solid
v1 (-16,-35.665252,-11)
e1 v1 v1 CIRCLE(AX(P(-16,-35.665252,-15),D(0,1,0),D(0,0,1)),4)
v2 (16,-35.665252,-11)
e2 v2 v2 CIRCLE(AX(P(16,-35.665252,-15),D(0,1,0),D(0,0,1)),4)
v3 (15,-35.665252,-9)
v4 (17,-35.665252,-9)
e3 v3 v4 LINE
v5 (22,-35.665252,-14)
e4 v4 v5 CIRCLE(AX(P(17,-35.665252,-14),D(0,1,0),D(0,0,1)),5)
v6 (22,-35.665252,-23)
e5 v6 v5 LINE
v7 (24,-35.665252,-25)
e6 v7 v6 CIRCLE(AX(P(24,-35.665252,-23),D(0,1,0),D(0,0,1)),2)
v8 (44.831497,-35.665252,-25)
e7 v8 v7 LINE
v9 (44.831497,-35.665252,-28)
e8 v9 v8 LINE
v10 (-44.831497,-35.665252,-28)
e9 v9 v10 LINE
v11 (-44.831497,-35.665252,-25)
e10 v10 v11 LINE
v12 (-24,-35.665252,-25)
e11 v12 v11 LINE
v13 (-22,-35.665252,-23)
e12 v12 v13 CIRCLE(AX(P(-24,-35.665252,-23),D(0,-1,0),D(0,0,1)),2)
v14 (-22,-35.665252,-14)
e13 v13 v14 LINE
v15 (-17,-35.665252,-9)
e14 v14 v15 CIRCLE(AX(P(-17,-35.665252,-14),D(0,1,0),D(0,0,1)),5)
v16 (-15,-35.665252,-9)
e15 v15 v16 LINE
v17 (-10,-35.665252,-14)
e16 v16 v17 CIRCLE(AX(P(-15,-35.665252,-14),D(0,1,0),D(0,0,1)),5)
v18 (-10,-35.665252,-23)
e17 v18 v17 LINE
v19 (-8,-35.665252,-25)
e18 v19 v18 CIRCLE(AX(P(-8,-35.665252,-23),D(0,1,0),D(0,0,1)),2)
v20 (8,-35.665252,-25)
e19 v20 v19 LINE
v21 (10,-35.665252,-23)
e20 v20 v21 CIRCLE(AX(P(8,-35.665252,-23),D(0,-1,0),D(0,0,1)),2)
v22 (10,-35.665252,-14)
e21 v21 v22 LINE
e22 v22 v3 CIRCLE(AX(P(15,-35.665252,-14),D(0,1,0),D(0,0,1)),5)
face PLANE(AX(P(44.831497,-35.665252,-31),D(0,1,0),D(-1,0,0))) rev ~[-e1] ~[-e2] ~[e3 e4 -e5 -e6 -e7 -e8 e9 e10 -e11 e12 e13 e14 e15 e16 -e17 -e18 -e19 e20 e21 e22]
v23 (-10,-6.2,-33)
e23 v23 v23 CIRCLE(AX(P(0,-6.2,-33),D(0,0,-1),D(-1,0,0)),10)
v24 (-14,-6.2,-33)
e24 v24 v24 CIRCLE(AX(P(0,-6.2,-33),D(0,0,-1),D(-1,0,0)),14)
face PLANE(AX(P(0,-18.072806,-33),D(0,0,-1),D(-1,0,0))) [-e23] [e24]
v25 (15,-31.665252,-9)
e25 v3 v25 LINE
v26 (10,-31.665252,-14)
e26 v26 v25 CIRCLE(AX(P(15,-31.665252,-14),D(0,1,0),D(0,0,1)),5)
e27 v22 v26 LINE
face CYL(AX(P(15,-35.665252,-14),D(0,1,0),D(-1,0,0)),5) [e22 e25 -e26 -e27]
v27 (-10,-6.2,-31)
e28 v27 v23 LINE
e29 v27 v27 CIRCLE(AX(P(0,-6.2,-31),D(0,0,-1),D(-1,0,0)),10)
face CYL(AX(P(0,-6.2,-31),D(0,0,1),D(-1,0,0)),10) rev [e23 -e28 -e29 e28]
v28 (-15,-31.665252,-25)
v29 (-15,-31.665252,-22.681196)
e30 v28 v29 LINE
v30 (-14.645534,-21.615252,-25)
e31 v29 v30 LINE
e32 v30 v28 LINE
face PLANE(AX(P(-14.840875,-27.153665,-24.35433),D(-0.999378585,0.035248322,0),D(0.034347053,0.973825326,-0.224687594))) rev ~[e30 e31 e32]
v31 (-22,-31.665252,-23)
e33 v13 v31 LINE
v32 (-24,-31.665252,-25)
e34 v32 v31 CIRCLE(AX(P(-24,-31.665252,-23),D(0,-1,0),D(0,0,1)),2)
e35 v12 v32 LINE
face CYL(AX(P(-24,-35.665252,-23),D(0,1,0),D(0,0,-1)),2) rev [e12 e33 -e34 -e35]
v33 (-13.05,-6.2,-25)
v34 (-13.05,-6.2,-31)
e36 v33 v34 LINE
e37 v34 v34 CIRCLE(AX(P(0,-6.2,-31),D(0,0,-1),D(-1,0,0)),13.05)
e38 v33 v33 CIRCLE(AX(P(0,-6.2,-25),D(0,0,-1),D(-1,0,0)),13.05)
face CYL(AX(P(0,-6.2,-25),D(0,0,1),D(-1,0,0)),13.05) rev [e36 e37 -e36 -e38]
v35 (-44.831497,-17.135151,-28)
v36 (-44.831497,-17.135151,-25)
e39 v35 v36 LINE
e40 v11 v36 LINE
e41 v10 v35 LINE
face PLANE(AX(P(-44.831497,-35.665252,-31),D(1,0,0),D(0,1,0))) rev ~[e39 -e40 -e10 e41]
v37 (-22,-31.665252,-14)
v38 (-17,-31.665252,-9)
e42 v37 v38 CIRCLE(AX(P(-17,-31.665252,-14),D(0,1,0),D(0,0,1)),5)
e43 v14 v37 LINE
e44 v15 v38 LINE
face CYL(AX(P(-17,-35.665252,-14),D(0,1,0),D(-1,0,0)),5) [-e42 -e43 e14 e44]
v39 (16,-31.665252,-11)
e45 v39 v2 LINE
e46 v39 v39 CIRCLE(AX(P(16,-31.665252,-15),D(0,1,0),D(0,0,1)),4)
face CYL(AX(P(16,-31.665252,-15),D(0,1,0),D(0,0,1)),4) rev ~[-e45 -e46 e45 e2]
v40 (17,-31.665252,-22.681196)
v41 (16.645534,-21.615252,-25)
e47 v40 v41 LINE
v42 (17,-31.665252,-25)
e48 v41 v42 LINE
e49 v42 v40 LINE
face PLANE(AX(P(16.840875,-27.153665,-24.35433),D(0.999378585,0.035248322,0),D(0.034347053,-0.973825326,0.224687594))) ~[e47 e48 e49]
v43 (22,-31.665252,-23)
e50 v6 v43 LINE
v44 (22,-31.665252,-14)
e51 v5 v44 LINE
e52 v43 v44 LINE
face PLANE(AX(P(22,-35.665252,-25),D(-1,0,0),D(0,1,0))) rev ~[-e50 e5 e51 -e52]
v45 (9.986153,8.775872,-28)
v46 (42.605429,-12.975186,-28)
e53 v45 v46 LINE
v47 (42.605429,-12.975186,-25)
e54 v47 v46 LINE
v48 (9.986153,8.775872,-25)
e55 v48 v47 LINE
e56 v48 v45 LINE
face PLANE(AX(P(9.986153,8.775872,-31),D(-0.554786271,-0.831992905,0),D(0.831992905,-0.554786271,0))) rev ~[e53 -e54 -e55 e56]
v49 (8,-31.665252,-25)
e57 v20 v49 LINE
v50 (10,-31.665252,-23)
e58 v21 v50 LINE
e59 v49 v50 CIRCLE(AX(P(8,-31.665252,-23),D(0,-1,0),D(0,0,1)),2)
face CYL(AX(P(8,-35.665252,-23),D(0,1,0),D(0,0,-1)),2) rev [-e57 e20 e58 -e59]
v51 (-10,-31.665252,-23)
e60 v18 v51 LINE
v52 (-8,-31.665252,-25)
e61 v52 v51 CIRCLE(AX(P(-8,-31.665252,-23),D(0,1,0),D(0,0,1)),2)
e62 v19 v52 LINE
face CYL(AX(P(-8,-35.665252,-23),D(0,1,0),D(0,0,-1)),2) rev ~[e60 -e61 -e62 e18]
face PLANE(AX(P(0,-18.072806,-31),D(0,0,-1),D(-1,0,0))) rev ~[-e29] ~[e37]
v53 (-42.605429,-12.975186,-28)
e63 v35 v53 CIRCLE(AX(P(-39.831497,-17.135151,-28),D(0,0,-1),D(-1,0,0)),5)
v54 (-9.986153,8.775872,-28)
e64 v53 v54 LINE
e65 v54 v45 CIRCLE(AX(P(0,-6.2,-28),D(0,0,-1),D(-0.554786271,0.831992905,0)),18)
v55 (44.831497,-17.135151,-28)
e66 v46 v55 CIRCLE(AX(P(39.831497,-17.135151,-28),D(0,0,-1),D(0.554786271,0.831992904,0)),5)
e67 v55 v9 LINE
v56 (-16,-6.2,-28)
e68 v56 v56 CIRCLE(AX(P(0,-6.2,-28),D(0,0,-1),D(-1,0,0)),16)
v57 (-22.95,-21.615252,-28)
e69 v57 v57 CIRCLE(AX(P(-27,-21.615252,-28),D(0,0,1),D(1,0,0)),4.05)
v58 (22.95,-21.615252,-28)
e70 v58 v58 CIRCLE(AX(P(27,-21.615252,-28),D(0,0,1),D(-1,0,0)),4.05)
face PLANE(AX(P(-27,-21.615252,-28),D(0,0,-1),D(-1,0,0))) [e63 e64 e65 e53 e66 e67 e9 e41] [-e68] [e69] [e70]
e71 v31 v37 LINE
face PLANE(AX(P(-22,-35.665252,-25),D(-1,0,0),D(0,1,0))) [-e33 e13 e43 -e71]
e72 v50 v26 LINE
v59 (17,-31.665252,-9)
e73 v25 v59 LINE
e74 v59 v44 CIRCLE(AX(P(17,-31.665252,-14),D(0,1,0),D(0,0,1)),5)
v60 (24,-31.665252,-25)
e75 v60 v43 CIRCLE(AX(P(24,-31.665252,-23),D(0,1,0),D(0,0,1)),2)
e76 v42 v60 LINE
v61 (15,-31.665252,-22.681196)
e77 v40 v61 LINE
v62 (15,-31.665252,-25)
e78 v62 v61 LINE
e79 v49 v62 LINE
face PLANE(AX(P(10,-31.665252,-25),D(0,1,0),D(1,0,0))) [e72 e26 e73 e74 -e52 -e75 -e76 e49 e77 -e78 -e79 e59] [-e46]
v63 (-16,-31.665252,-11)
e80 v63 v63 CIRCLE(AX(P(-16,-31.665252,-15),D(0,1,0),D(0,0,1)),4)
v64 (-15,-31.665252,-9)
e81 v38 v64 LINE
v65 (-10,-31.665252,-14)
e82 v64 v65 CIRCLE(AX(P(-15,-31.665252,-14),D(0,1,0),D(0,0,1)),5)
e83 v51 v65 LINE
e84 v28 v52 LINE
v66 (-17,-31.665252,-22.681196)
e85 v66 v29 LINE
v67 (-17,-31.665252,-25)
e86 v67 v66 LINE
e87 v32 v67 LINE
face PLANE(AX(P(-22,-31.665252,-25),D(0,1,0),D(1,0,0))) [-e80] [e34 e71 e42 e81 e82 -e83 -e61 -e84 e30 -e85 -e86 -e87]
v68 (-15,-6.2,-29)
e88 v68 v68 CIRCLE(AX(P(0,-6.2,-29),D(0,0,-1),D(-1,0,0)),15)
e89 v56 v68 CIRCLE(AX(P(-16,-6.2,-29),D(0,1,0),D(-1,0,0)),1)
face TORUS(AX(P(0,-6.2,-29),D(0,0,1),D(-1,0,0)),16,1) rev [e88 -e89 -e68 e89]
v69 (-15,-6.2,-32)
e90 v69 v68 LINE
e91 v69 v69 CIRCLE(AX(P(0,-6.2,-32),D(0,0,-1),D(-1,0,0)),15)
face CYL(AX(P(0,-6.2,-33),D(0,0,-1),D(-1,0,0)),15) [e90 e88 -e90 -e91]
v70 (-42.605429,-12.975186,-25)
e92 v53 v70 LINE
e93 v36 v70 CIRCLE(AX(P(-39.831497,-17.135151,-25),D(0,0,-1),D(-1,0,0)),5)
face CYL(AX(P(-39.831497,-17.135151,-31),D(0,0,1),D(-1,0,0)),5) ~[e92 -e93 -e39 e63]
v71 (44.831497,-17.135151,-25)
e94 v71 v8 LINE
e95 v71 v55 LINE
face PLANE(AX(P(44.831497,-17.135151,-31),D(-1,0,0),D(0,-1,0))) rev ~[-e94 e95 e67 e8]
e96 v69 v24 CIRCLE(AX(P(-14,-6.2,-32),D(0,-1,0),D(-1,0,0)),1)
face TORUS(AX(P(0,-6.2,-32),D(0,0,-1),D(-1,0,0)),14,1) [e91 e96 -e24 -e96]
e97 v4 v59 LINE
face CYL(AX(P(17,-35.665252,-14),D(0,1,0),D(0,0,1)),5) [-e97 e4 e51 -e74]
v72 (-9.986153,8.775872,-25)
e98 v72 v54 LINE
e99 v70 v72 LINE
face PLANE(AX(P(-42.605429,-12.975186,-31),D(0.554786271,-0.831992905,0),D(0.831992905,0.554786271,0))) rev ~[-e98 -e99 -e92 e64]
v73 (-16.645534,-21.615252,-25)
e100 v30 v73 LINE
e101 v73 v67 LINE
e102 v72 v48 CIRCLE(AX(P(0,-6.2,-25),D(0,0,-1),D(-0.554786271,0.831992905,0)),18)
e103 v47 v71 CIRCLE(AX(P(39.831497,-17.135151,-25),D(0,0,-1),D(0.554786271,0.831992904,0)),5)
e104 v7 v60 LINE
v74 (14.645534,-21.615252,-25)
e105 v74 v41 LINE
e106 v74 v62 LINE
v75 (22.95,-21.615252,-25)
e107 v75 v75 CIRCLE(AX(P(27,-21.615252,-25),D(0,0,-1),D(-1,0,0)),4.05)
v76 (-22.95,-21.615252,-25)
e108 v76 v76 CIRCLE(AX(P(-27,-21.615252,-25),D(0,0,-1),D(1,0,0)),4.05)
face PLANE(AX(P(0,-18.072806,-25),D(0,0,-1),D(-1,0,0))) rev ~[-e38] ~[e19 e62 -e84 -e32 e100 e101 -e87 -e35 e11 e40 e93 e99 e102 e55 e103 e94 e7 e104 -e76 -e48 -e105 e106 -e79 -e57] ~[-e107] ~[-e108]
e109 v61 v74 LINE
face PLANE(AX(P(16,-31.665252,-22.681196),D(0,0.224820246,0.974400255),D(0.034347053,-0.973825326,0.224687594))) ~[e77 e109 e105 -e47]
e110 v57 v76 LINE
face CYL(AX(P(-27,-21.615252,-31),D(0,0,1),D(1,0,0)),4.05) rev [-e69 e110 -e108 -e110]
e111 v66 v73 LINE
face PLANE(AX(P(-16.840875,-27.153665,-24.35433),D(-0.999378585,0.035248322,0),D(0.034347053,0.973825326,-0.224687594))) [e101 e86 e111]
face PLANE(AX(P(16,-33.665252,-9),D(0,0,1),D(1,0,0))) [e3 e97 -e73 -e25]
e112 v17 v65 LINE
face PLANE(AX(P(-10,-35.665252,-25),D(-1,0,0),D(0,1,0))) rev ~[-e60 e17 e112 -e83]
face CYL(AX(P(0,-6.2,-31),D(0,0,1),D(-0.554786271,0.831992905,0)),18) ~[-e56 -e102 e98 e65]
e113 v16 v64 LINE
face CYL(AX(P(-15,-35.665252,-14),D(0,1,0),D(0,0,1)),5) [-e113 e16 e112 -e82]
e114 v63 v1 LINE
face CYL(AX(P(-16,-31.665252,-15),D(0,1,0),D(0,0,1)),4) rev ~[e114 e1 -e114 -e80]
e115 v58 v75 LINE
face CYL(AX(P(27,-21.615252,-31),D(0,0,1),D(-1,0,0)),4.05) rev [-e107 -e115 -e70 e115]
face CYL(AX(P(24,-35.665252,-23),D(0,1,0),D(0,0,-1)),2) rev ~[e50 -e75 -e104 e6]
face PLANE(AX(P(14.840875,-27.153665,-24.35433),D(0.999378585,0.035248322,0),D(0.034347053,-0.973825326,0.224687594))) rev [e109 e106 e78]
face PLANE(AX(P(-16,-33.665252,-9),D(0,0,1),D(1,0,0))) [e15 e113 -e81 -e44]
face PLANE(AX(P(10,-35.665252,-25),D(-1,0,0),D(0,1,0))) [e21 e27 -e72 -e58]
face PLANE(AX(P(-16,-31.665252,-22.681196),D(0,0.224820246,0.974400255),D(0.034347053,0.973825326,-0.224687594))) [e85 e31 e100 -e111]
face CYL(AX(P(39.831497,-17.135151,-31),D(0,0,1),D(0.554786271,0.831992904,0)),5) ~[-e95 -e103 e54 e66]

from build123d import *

# Parameters (mm, degrees)
SALIENTE_EXTRUIR1_DEPTH = 23
SALIENTE_EXTRUIR2_DEPTH = 2
CROQUIS3_W              = 74.8935
CROQUIS3_H              = 50
SALIENTE_EXTRUIR3_DEPTH = 2
CROQUIS4_R              = 4.05
SALIENTE_EXTRUIR4_DEPTH = 50
CHAFL_N2_SIZE           = 1
CROQUIS7_R              = 4.05
CROQUIS7_R_2            = 13.05
SALIENTE_EXTRUIR5_DEPTH = 6
CROQUIS8_W              = 12
CROQUIS8_H              = 4
SALIENTE_EXTRUIR6_DEPTH = 16
REDONDEO3_R             = 2
REDONDEO4_R             = 5
CROQUIS14_R             = 4
CORTAR_EXTRUIR1_DEPTH   = 10
SALIENTE_EXTRUIR7_DEPTH = 1
CROQUIS20_R             = 4.05
CROQUIS20_R_2           = 10
SALIENTE_EXTRUIR8_DEPTH = 2
CHAFL_N3_SIZE           = 1
CROQUIS22_R             = 5.05
CROQUIS22_R_2           = 15
CORTAR_EXTRUIR3_DEPTH   = 5
REDONDEO6_R             = 1


with BuildPart() as part:
    # Croquis1 → Saliente-Extruir1 (new, symmetric)
    with BuildSketch(Plane.XY):
        Polygon((-7.48935, 0), (7.48935, 0), (0.00065, 21.6199), align=None)
    extrude(amount=SALIENTE_EXTRUIR1_DEPTH, both=True)

    # Croquis2 → Saliente-Extruir2 (add)
    with BuildSketch(Plane.XY.offset(23)):
        Polygon((37.44675, 0), (-37.44675, 0), (0.00065, 21.6199), align=None)
    saliente_extruir2 = extrude(amount=SALIENTE_EXTRUIR2_DEPTH)

    # Simetría1: Saliente-Extruir2 across plane
    add(saliente_extruir2.mirror(Plane.XY))

    # Croquis3 → Saliente-Extruir3 (add)
    with BuildSketch(Plane.XZ):
        Rectangle(CROQUIS3_W, CROQUIS3_H)
    extrude(amount=SALIENTE_EXTRUIR3_DEPTH)

    # Croquis4 → Saliente-Extruir4 (add)
    with BuildSketch(Plane.XY.offset(25)):
        with BuildLine():
            Line((7.743545699, -2), (-7.743545699, -2))
            ThreePointArc((-7.743545699, -2), (-6.147743753, -2.794422898), (-5.819683414, -4.546583851))
            ThreePointArc((-5.819683414, -4.546583851), (0, -12.25), (5.819683414, -4.546583851))
            ThreePointArc((5.819683414, -4.546583851), (6.147743753, -2.794422898), (7.743545699, -2))
        make_face()
        with Locations((0, -6.2)):
            Circle(CROQUIS4_R, mode=Mode.SUBTRACT)
    extrude(amount=-SALIENTE_EXTRUIR4_DEPTH)

    # Chaflán2
    chafl_n2_edges = [part.edges().sort_by_distance(p)[0] for p in [
        (-4.05, -6.2, -25),
        (-4.05, -6.2, 25),
    ]]
    chamfer(chafl_n2_edges, length=CHAFL_N2_SIZE)


with BuildPart() as body_2:
    # Croquis7 → Saliente-Extruir5 (new body)
    with BuildSketch(Plane(origin=(0, 0, -25), x_dir=(-1, 0, 0), z_dir=(0, 0, -1))):
        with BuildLine():
            Line((-9.986152883, 8.775872282), (-42.60542858, -12.975186214))
            ThreePointArc((-42.60542858, -12.975186214), (-44.239992249, -14.776089142), (-44.831497223, -17.135150737))
            Line((-44.831497223, -17.135150737), (-44.831497223, -35.665252187))
            Line((-44.831497223, -35.665252187), (44.831497223, -35.665252187))
            Line((44.831497223, -35.665252187), (44.831497223, -17.135150737))
            ThreePointArc((44.831497223, -17.135150737), (44.239992249, -14.776089142), (42.60542858, -12.975186214))
            Line((42.60542858, -12.975186214), (9.986152883, 8.775872282))
            ThreePointArc((9.986152883, 8.775872282), (0, 11.8), (-9.986152883, 8.775872282))
        make_face()
        with Locations((-27, -21.615252187)):
            Circle(CROQUIS7_R, mode=Mode.SUBTRACT)
        with Locations(Location((27, -21.615252187, 0), (0, 0, 180))):
            Circle(CROQUIS7_R, mode=Mode.SUBTRACT)
        with Locations((0, -6.2)):
            Circle(CROQUIS7_R_2, mode=Mode.SUBTRACT)
    extrude(amount=SALIENTE_EXTRUIR5_DEPTH)

    # Croquis8 → Saliente-Extruir6 (add)
    with BuildSketch(Plane.XY.offset(-25)):
        with Locations((-16, -33.665252187)):
            Rectangle(CROQUIS8_W, CROQUIS8_H)
        with Locations((16, -33.665252187)):
            Rectangle(CROQUIS8_W, CROQUIS8_H)
    extrude(amount=SALIENTE_EXTRUIR6_DEPTH)

    # Redondeo3
    redondeo3_edges = [body_2.edges().sort_by_distance(p)[0] for p in [
        (-22, -33.665252187, -25),
        (-10, -33.665252187, -25),
        (22, -33.665252187, -25),
        (10, -33.665252187, -25),
    ]]
    fillet(redondeo3_edges, radius=REDONDEO3_R)

    # Redondeo4
    redondeo4_edges = [body_2.edges().sort_by_distance(p)[0] for p in [
        (-22, -33.665252187, -9),
        (-10, -33.665252187, -9),
        (22, -33.665252187, -9),
        (10, -33.665252187, -9),
    ]]
    fillet(redondeo4_edges, radius=REDONDEO4_R)

    # Croquis14 → Cortar-Extruir1 (cut)
    with BuildSketch(Plane(origin=(0, -31.665252187, 0), x_dir=(1, 0, 0), z_dir=(0, 1, 0))):
        with Locations(Location((-16, 15, 0), (0, 0, 270))):
            Circle(CROQUIS14_R)
        with Locations(Location((16, 15, 0), (0, 0, 270))):
            Circle(CROQUIS14_R)
    extrude(amount=-CORTAR_EXTRUIR1_DEPTH, mode=Mode.SUBTRACT)

    # Croquis3D2 → Saliente-Extruir7 (add, symmetric, along a direction that is not the sketch's normal)
    with BuildSketch(Plane(origin=(-16, -31.665252187, -22.681195735), x_dir=(0.03434705256799914, 0.973825325774171, -0.22468759391813525), z_dir=(-0.9993785848148502, 0.035248322136908906, 0))):
        Polygon((0, 0), (10.320125934, 0), (0.521006551, 2.259514415), align=None)
    saliente_extruir7 = extrude(amount=SALIENTE_EXTRUIR7_DEPTH, dir=(-1, 0, 0), both=True)

    # Simetría2: Saliente-Extruir7 across plane
    add(saliente_extruir7.mirror(Plane(origin=(0, 0, 0), x_dir=(0, 0, 1), z_dir=(1, 0, 0))))

    # Croquis20 → Saliente-Extruir8 (add)
    with BuildSketch(Plane(origin=(0, 0, -31), x_dir=(-1, 0, 0), z_dir=(0, 0, -1))):
        with BuildLine():
            Line((42.60542858, -12.975186214), (9.986152883, 8.775872282))
            ThreePointArc((9.986152883, 8.775872282), (0, 11.8), (-9.986152883, 8.775872282))
            Line((-9.986152883, 8.775872282), (-42.60542858, -12.975186214))
            ThreePointArc((-42.60542858, -12.975186214), (-44.239992249, -14.776089142), (-44.831497223, -17.135150737))
            Line((-44.831497223, -17.135150737), (-44.831497223, -35.665252187))
            Line((-44.831497223, -35.665252187), (44.831497223, -35.665252187))
            Line((44.831497223, -35.665252187), (44.831497223, -17.135150737))
            ThreePointArc((44.831497223, -17.135150737), (44.239992249, -14.776089142), (42.60542858, -12.975186214))
        make_face()
        with Locations((-27, -21.615252187)):
            Circle(CROQUIS20_R, mode=Mode.SUBTRACT)
        with Locations(Location((27, -21.615252187, 0), (0, 0, 180))):
            Circle(CROQUIS20_R, mode=Mode.SUBTRACT)
        with Locations((0, -6.2)):
            Circle(CROQUIS20_R_2, mode=Mode.SUBTRACT)
    extrude(amount=SALIENTE_EXTRUIR8_DEPTH)

    # Chaflán3
    chafl_n3_edges = [body_2.edges().sort_by_distance(p)[0] for p in [
        (31.05, -21.615252187, -33),
        (-31.05, -21.615252187, -33),
    ]]
    chamfer(chafl_n3_edges, length=CHAFL_N3_SIZE)

    # Croquis22 → Cortar-Extruir3 (cut)
    # profile 1 of 3: a face of its own
    with BuildSketch(Plane(origin=(0, 0, -33), x_dir=(-1, 0, 0), z_dir=(0, 0, -1))):
        with BuildLine():
            ThreePointArc((44.831497223, -17.135150737), (44.239992249, -14.776089142), (42.60542858, -12.975186214))
            Line((42.60542858, -12.975186214), (9.986152883, 8.775872282))
            ThreePointArc((9.986152883, 8.775872282), (0, 11.8), (-9.986152883, 8.775872282))
            Line((-9.986152883, 8.775872282), (-42.60542858, -12.975186214))
            ThreePointArc((-42.60542858, -12.975186214), (-44.239992249, -14.776089142), (-44.831497223, -17.135150737))
            Line((-44.831497223, -17.135150737), (-44.831497223, -35.665252187))
            Line((-44.831497223, -35.665252187), (44.831497223, -35.665252187))
            Line((44.831497223, -35.665252187), (44.831497223, -17.135150737))
        make_face()
        with Locations((-27, -21.615252187)):
            Circle(CROQUIS22_R, mode=Mode.SUBTRACT)
        with Locations((27, -21.615252187)):
            Circle(CROQUIS22_R, mode=Mode.SUBTRACT)
        with Locations((0, -6.2)):
            Circle(CROQUIS22_R_2, mode=Mode.SUBTRACT)
    # profile 2 of 3: a face of its own
    with BuildSketch(Plane(origin=(0, 0, -33), x_dir=(-1, 0, 0), z_dir=(0, 0, -1))):
        with Locations((-27, -21.615252187)):
            Circle(CROQUIS22_R)
    # profile 3 of 3: a face of its own
    with BuildSketch(Plane(origin=(0, 0, -33), x_dir=(-1, 0, 0), z_dir=(0, 0, -1))):
        with Locations((27, -21.615252187)):
            Circle(CROQUIS22_R)
    extrude(amount=-CORTAR_EXTRUIR3_DEPTH, mode=Mode.SUBTRACT)

    # Redondeo6
    redondeo6_edges = [body_2.edges().sort_by_distance(p)[0] for p in [
        (15, -6.2, -33),
        (15, -6.2, -28),
    ]]
    fillet(redondeo6_edges, radius=REDONDEO6_R)


solid = body_2.part
